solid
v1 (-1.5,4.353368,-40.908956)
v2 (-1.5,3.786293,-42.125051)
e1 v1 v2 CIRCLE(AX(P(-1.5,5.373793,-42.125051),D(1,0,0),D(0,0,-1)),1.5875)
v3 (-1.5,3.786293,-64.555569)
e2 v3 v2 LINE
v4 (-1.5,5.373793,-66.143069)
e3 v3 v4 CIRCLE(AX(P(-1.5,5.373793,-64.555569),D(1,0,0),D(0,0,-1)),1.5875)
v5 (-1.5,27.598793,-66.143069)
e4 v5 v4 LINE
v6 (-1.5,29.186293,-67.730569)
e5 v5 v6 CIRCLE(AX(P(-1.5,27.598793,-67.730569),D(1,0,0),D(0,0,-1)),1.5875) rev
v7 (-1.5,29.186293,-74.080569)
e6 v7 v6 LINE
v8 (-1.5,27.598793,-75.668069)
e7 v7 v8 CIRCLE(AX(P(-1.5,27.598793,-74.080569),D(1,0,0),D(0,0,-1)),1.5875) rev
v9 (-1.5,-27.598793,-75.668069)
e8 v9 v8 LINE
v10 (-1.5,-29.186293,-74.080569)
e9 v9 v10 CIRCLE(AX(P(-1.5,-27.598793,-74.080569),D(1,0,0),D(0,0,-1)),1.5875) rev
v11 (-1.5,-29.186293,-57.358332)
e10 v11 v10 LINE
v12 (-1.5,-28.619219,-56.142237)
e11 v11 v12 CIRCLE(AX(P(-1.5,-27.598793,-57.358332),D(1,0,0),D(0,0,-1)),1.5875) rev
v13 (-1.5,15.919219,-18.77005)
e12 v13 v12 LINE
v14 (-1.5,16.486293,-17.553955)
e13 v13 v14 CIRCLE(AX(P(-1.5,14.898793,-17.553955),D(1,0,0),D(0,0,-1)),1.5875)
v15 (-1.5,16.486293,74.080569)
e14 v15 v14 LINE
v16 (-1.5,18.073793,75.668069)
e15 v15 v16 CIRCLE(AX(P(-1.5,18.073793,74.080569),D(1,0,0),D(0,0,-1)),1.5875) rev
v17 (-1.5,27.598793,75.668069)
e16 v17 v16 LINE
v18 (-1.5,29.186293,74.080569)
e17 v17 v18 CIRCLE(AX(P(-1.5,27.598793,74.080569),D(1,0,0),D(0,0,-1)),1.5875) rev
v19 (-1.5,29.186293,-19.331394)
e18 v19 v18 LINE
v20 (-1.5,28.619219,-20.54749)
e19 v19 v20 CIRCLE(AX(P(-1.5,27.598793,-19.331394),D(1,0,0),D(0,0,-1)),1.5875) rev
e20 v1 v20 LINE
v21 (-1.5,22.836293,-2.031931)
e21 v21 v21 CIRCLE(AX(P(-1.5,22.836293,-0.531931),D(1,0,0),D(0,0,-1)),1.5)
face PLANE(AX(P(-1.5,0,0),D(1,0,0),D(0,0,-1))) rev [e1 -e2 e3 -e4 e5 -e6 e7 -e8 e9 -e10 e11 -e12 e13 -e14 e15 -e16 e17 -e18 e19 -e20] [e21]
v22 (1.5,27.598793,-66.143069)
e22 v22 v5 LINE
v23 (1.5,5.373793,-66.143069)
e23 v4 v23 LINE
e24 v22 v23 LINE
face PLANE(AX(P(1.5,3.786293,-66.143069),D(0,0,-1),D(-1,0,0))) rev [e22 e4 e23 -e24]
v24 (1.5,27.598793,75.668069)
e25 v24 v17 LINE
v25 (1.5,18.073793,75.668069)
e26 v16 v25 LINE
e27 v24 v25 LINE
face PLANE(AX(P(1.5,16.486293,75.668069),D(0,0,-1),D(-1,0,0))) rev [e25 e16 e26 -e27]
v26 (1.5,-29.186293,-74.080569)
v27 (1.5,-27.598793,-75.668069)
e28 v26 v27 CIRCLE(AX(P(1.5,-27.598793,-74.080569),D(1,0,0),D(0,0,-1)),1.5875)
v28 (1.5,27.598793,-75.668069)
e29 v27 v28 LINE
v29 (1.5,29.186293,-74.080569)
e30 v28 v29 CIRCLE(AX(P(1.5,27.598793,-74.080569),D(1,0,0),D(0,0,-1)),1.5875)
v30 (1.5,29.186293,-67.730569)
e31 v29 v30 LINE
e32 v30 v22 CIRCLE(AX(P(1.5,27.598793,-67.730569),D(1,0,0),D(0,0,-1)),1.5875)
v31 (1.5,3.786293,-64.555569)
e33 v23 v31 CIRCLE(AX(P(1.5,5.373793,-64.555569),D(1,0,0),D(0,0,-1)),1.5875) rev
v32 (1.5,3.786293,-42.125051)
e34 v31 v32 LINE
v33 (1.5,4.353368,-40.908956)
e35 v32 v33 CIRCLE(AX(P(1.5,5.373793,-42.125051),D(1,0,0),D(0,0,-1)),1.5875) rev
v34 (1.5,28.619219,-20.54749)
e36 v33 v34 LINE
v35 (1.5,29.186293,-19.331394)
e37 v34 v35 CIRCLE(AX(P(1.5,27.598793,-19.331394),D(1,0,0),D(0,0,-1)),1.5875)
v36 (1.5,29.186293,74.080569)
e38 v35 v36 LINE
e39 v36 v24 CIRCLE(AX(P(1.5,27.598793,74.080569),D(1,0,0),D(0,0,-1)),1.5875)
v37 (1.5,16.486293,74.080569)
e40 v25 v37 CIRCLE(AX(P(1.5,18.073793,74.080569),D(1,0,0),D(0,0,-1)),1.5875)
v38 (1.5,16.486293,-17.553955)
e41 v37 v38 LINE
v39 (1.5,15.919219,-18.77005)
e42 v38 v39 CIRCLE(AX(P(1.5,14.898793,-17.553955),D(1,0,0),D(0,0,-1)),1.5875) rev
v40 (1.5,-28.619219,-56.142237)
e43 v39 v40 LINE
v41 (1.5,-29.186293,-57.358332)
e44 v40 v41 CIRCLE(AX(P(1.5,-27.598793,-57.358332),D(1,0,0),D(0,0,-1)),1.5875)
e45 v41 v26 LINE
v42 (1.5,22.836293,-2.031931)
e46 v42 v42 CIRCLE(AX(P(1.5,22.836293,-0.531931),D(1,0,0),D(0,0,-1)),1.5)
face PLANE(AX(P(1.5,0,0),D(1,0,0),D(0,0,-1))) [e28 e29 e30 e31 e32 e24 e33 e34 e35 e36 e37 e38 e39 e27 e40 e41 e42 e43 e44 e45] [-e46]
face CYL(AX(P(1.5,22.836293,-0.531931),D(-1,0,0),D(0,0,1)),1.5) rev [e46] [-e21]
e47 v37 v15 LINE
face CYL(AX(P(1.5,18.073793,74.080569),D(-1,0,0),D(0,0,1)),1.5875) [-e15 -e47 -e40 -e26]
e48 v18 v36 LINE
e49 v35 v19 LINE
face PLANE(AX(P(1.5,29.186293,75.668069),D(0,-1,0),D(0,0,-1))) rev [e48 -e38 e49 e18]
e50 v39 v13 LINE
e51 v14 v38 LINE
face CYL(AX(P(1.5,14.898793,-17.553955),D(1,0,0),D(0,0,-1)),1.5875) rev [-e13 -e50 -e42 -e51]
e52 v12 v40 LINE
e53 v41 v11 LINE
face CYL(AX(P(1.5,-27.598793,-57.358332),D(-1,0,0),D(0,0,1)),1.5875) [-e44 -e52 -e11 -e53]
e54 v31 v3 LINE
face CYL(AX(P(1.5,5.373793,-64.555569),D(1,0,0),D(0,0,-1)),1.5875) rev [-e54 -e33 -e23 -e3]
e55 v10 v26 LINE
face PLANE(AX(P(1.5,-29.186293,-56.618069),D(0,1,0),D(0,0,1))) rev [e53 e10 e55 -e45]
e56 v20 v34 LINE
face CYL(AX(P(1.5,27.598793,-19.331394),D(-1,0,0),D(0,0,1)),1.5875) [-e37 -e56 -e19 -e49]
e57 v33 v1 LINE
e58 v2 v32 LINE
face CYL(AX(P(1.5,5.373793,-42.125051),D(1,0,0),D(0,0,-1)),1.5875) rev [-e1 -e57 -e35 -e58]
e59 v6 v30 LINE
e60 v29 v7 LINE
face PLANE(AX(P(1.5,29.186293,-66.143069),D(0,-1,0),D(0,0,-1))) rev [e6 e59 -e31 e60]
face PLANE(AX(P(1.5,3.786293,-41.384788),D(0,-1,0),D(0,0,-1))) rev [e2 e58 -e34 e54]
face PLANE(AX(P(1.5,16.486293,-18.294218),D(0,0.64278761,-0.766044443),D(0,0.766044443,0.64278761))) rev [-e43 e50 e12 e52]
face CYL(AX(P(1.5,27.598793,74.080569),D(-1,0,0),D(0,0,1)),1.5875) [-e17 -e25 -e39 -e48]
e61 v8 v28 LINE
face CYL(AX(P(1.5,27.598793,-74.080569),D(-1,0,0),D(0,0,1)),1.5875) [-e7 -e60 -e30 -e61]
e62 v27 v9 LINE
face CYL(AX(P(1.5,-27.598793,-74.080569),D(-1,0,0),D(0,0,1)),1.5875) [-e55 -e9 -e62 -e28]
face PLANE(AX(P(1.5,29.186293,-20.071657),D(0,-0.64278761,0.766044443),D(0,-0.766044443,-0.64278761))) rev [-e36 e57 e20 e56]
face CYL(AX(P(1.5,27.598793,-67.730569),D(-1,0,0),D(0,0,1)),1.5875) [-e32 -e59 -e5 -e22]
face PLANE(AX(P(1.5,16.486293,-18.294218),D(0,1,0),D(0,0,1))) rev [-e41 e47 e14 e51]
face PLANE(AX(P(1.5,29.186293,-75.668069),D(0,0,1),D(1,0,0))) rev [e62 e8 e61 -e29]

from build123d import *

# Parameters (mm, degrees)
SKETCH1_R           = 1.5
BOSS_EXTRUDE1_DEPTH = 1.5
FILLET1_R           = 1.5875


with BuildPart() as part:
    # Sketch1 → Boss-Extrude1 (new, symmetric)
    with BuildSketch(Plane(origin=(0, 0, 0), x_dir=(0, 0, -1), z_dir=(1, 0, 0))):
        Polygon((-75.668068816, 16.486293283), (-75.668068816, 29.186293283), (20.071657388, 29.186293283), (41.38478802, 3.786293283), (66.143068816, 3.786293283), (66.143068816, 29.186293283), (75.668068816, 29.186293283), (75.668068816, -29.186293283), (56.618068816, -29.186293283), (18.294218273, 16.486293283), align=None)
        with Locations((0.531931184, 22.836293283)):
            Circle(SKETCH1_R, mode=Mode.SUBTRACT)
    extrude(amount=BOSS_EXTRUDE1_DEPTH, both=True)

    # Fillet1
    fillet1_edges = [part.edges().sort_by_distance(p)[0] for p in [
        (0, 29.186293283, -20.071657388),
        (0, 3.786293283, -41.38478802),
        (0, 3.786293283, -66.143068816),
        (0, 29.186293283, -66.143068816),
        (0, 29.186293283, -75.668068816),
        (0, -29.186293283, -75.668068816),
        (0, -29.186293283, -56.618068816),
        (0, 16.486293283, -18.294218273),
        (0, 16.486293283, 75.668068816),
        (0, 29.186293283, 75.668068816),
    ]]
    fillet(fillet1_edges, radius=FILLET1_R)


solid = part.part
